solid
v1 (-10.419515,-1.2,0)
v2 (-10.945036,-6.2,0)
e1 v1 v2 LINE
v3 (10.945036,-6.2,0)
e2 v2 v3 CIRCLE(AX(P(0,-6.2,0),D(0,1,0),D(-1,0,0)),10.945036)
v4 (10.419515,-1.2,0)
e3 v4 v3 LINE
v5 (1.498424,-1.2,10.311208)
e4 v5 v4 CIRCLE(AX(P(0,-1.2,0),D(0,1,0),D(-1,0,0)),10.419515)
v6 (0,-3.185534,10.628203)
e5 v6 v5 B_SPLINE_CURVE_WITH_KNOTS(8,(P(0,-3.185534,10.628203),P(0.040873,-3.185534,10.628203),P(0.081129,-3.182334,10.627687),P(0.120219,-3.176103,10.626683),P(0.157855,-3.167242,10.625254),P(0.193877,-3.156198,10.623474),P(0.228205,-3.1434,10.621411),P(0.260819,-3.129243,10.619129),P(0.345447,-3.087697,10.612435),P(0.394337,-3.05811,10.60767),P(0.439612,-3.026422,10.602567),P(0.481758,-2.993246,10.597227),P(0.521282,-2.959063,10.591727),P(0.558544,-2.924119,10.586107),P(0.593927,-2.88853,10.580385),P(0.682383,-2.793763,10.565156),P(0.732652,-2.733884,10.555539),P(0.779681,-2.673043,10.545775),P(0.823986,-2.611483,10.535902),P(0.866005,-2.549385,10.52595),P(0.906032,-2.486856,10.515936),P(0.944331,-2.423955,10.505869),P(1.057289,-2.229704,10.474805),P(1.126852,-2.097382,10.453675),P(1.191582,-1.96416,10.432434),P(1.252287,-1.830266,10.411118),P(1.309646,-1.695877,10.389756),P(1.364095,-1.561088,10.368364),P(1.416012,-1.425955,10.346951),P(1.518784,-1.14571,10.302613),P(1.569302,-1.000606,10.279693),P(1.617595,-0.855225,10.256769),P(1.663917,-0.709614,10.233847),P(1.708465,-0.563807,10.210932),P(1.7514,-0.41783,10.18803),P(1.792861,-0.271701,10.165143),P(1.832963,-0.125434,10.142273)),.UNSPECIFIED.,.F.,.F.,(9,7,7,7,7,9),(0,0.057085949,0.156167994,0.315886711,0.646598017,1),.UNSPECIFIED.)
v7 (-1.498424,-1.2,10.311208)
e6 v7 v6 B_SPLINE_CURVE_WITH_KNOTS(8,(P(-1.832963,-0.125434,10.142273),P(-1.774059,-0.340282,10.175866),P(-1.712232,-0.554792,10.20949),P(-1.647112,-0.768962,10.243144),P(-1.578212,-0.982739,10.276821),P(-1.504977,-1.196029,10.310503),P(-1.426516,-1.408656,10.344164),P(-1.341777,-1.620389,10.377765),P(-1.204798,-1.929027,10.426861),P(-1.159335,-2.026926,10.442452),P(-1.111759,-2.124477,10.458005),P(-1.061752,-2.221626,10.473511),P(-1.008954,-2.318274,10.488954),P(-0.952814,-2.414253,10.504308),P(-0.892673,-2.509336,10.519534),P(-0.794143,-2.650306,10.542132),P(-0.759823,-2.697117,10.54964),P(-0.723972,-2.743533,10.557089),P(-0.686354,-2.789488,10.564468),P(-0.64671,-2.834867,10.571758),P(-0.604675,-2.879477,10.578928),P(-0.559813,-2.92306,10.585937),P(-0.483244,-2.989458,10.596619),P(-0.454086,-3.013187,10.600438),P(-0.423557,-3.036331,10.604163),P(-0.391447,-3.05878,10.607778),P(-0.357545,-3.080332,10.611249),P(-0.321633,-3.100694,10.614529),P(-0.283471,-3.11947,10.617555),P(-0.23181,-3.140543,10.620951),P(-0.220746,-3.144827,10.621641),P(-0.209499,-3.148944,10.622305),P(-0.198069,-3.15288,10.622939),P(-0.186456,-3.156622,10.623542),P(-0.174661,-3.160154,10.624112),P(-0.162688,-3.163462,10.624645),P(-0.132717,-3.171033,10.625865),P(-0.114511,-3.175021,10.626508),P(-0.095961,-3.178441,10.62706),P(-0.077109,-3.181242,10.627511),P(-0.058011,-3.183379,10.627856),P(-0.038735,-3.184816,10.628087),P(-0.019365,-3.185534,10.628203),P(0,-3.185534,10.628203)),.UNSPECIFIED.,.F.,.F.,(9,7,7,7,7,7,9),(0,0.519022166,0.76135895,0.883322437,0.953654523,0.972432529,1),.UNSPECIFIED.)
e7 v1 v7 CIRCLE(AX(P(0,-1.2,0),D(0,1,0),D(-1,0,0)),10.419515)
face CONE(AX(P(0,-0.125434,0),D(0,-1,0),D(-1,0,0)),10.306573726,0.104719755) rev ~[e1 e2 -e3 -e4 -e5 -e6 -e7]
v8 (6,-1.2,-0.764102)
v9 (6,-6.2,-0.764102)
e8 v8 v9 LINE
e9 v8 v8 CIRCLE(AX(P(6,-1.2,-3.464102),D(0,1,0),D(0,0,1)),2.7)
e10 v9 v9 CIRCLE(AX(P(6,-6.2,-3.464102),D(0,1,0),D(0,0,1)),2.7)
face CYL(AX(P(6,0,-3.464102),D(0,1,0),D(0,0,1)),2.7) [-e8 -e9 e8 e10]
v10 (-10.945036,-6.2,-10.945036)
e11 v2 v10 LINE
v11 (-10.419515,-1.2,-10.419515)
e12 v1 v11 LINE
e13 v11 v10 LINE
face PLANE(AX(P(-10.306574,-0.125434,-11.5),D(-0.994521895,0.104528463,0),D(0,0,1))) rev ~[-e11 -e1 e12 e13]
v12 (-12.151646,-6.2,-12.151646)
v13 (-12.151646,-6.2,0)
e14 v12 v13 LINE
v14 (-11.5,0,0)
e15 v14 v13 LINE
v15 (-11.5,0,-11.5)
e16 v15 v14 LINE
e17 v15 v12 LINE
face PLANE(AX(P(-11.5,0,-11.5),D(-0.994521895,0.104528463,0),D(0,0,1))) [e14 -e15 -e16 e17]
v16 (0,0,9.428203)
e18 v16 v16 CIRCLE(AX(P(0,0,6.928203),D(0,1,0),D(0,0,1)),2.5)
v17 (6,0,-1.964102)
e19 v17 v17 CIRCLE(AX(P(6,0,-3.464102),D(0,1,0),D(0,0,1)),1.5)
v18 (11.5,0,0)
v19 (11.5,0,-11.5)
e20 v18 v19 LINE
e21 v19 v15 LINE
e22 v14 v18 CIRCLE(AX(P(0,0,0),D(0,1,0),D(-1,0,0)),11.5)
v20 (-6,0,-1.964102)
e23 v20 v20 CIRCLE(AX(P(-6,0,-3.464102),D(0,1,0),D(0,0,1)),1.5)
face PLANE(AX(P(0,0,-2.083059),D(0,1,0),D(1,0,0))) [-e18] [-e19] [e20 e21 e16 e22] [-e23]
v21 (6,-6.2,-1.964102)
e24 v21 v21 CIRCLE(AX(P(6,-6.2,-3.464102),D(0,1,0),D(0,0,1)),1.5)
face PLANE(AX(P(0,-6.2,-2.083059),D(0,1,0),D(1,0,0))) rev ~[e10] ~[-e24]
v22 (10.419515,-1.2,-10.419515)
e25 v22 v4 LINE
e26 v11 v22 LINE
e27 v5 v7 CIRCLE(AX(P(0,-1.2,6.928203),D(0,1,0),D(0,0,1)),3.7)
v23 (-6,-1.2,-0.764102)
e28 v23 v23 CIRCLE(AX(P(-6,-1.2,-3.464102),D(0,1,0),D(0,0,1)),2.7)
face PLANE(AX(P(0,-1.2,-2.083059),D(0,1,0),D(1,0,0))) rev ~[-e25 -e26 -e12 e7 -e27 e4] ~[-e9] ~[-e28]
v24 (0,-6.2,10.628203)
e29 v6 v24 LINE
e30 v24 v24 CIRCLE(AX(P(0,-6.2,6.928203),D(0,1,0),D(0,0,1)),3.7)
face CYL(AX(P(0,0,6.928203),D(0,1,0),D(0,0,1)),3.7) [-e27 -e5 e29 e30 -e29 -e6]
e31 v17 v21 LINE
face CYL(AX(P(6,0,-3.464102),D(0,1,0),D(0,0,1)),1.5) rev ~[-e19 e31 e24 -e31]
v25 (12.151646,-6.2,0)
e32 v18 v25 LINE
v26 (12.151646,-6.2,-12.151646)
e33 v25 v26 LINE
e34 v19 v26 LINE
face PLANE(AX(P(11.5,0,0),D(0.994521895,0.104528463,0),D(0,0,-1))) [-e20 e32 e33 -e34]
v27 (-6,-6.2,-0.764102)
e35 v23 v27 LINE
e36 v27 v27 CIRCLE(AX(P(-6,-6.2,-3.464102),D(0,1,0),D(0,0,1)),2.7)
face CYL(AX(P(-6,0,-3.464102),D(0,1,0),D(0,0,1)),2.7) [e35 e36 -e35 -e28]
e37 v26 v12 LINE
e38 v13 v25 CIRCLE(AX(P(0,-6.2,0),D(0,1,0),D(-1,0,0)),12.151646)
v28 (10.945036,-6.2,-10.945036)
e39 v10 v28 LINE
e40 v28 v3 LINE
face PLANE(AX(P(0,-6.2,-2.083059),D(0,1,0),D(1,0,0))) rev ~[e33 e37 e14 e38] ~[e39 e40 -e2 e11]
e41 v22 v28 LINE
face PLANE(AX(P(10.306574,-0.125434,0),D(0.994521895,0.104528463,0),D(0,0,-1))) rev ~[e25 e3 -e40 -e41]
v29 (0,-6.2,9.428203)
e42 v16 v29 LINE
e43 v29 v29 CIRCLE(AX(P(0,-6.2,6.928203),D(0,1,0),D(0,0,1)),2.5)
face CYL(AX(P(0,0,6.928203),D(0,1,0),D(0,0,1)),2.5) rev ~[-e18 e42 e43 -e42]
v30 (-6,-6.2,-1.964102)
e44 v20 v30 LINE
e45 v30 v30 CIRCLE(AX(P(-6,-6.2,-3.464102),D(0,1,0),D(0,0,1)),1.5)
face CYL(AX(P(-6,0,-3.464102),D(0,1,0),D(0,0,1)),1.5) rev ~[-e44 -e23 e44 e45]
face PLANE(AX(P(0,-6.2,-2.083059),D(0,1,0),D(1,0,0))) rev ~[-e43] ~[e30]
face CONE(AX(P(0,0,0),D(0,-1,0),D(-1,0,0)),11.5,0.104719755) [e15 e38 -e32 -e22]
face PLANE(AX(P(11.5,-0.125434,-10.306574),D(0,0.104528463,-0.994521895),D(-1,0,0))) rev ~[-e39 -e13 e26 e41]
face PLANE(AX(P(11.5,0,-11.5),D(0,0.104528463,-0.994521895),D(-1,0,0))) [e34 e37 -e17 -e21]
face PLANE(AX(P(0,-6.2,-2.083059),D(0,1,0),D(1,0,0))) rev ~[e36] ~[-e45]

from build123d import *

# Parameters (mm, degrees)
BOSS_EXTRUDE1_DEPTH = 6.2
BOSS_EXTRUDE1_DRAFT = 6
SKETCH2_R           = 1.5
SKETCH2_R_2         = 2.5
CUT_EXTRUDE1_DEPTH  = 19.269236809
SHELL1_T            = -1.2


with BuildPart() as part:
    # Sketch1 → Boss-Extrude1 (with draft: the straight prism first)
    with BuildSketch(Plane(origin=(0, 0, 0), x_dir=(1, 0, 0), z_dir=(0, 1, 0))):
        with BuildLine():
            Line((-11.5, 11.5), (-11.5, 0))
            ThreePointArc((-11.5, 0), (0, -11.5), (11.5, 0))
            Line((11.5, 0), (11.5, 11.5))
            Line((11.5, 11.5), (-11.5, 11.5))
        make_face()
    extrude(amount=-BOSS_EXTRUDE1_DEPTH)
    # Boss-Extrude1: the draft: its side faces are tilted about the plane it starts from
    boss_extrude1_sides = [part.faces().sort_by_distance(p)[0] for p in [
        (11.5, -3.1, -5.75),
        (0, -3.1, -11.5),
        (-11.5, -3.1, -5.75),
        (0, -3.1, 11.5),
    ]]
    draft(boss_extrude1_sides, Plane(origin=(0, 0, 0), x_dir=(1, 0, 0), z_dir=(0, 1, 0)), BOSS_EXTRUDE1_DRAFT)

    # Sketch2 → Cut-Extrude1 (cut, through all)
    with BuildSketch(Plane(origin=(0, 0, 0), x_dir=(1, 0, 0), z_dir=(0, 1, 0))):
        with Locations(Location((-6, 3.464101615, 0), (0, 0, 270))):
            Circle(SKETCH2_R)
        with Locations(Location((6, 3.464101615, 0), (0, 0, 270))):
            Circle(SKETCH2_R)
        with Locations(Location((0, -6.92820323, 0), (0, 0, 270))):
            Circle(SKETCH2_R_2)
    extrude(amount=-CUT_EXTRUDE1_DEPTH, mode=Mode.SUBTRACT)

    # Shell1
    shell1_openings = [part.faces().sort_by_distance(p)[0] for p in [
        (0, -6.2, -1.388400602),
    ]]
    offset(amount=SHELL1_T, openings=shell1_openings)


solid = part.part
